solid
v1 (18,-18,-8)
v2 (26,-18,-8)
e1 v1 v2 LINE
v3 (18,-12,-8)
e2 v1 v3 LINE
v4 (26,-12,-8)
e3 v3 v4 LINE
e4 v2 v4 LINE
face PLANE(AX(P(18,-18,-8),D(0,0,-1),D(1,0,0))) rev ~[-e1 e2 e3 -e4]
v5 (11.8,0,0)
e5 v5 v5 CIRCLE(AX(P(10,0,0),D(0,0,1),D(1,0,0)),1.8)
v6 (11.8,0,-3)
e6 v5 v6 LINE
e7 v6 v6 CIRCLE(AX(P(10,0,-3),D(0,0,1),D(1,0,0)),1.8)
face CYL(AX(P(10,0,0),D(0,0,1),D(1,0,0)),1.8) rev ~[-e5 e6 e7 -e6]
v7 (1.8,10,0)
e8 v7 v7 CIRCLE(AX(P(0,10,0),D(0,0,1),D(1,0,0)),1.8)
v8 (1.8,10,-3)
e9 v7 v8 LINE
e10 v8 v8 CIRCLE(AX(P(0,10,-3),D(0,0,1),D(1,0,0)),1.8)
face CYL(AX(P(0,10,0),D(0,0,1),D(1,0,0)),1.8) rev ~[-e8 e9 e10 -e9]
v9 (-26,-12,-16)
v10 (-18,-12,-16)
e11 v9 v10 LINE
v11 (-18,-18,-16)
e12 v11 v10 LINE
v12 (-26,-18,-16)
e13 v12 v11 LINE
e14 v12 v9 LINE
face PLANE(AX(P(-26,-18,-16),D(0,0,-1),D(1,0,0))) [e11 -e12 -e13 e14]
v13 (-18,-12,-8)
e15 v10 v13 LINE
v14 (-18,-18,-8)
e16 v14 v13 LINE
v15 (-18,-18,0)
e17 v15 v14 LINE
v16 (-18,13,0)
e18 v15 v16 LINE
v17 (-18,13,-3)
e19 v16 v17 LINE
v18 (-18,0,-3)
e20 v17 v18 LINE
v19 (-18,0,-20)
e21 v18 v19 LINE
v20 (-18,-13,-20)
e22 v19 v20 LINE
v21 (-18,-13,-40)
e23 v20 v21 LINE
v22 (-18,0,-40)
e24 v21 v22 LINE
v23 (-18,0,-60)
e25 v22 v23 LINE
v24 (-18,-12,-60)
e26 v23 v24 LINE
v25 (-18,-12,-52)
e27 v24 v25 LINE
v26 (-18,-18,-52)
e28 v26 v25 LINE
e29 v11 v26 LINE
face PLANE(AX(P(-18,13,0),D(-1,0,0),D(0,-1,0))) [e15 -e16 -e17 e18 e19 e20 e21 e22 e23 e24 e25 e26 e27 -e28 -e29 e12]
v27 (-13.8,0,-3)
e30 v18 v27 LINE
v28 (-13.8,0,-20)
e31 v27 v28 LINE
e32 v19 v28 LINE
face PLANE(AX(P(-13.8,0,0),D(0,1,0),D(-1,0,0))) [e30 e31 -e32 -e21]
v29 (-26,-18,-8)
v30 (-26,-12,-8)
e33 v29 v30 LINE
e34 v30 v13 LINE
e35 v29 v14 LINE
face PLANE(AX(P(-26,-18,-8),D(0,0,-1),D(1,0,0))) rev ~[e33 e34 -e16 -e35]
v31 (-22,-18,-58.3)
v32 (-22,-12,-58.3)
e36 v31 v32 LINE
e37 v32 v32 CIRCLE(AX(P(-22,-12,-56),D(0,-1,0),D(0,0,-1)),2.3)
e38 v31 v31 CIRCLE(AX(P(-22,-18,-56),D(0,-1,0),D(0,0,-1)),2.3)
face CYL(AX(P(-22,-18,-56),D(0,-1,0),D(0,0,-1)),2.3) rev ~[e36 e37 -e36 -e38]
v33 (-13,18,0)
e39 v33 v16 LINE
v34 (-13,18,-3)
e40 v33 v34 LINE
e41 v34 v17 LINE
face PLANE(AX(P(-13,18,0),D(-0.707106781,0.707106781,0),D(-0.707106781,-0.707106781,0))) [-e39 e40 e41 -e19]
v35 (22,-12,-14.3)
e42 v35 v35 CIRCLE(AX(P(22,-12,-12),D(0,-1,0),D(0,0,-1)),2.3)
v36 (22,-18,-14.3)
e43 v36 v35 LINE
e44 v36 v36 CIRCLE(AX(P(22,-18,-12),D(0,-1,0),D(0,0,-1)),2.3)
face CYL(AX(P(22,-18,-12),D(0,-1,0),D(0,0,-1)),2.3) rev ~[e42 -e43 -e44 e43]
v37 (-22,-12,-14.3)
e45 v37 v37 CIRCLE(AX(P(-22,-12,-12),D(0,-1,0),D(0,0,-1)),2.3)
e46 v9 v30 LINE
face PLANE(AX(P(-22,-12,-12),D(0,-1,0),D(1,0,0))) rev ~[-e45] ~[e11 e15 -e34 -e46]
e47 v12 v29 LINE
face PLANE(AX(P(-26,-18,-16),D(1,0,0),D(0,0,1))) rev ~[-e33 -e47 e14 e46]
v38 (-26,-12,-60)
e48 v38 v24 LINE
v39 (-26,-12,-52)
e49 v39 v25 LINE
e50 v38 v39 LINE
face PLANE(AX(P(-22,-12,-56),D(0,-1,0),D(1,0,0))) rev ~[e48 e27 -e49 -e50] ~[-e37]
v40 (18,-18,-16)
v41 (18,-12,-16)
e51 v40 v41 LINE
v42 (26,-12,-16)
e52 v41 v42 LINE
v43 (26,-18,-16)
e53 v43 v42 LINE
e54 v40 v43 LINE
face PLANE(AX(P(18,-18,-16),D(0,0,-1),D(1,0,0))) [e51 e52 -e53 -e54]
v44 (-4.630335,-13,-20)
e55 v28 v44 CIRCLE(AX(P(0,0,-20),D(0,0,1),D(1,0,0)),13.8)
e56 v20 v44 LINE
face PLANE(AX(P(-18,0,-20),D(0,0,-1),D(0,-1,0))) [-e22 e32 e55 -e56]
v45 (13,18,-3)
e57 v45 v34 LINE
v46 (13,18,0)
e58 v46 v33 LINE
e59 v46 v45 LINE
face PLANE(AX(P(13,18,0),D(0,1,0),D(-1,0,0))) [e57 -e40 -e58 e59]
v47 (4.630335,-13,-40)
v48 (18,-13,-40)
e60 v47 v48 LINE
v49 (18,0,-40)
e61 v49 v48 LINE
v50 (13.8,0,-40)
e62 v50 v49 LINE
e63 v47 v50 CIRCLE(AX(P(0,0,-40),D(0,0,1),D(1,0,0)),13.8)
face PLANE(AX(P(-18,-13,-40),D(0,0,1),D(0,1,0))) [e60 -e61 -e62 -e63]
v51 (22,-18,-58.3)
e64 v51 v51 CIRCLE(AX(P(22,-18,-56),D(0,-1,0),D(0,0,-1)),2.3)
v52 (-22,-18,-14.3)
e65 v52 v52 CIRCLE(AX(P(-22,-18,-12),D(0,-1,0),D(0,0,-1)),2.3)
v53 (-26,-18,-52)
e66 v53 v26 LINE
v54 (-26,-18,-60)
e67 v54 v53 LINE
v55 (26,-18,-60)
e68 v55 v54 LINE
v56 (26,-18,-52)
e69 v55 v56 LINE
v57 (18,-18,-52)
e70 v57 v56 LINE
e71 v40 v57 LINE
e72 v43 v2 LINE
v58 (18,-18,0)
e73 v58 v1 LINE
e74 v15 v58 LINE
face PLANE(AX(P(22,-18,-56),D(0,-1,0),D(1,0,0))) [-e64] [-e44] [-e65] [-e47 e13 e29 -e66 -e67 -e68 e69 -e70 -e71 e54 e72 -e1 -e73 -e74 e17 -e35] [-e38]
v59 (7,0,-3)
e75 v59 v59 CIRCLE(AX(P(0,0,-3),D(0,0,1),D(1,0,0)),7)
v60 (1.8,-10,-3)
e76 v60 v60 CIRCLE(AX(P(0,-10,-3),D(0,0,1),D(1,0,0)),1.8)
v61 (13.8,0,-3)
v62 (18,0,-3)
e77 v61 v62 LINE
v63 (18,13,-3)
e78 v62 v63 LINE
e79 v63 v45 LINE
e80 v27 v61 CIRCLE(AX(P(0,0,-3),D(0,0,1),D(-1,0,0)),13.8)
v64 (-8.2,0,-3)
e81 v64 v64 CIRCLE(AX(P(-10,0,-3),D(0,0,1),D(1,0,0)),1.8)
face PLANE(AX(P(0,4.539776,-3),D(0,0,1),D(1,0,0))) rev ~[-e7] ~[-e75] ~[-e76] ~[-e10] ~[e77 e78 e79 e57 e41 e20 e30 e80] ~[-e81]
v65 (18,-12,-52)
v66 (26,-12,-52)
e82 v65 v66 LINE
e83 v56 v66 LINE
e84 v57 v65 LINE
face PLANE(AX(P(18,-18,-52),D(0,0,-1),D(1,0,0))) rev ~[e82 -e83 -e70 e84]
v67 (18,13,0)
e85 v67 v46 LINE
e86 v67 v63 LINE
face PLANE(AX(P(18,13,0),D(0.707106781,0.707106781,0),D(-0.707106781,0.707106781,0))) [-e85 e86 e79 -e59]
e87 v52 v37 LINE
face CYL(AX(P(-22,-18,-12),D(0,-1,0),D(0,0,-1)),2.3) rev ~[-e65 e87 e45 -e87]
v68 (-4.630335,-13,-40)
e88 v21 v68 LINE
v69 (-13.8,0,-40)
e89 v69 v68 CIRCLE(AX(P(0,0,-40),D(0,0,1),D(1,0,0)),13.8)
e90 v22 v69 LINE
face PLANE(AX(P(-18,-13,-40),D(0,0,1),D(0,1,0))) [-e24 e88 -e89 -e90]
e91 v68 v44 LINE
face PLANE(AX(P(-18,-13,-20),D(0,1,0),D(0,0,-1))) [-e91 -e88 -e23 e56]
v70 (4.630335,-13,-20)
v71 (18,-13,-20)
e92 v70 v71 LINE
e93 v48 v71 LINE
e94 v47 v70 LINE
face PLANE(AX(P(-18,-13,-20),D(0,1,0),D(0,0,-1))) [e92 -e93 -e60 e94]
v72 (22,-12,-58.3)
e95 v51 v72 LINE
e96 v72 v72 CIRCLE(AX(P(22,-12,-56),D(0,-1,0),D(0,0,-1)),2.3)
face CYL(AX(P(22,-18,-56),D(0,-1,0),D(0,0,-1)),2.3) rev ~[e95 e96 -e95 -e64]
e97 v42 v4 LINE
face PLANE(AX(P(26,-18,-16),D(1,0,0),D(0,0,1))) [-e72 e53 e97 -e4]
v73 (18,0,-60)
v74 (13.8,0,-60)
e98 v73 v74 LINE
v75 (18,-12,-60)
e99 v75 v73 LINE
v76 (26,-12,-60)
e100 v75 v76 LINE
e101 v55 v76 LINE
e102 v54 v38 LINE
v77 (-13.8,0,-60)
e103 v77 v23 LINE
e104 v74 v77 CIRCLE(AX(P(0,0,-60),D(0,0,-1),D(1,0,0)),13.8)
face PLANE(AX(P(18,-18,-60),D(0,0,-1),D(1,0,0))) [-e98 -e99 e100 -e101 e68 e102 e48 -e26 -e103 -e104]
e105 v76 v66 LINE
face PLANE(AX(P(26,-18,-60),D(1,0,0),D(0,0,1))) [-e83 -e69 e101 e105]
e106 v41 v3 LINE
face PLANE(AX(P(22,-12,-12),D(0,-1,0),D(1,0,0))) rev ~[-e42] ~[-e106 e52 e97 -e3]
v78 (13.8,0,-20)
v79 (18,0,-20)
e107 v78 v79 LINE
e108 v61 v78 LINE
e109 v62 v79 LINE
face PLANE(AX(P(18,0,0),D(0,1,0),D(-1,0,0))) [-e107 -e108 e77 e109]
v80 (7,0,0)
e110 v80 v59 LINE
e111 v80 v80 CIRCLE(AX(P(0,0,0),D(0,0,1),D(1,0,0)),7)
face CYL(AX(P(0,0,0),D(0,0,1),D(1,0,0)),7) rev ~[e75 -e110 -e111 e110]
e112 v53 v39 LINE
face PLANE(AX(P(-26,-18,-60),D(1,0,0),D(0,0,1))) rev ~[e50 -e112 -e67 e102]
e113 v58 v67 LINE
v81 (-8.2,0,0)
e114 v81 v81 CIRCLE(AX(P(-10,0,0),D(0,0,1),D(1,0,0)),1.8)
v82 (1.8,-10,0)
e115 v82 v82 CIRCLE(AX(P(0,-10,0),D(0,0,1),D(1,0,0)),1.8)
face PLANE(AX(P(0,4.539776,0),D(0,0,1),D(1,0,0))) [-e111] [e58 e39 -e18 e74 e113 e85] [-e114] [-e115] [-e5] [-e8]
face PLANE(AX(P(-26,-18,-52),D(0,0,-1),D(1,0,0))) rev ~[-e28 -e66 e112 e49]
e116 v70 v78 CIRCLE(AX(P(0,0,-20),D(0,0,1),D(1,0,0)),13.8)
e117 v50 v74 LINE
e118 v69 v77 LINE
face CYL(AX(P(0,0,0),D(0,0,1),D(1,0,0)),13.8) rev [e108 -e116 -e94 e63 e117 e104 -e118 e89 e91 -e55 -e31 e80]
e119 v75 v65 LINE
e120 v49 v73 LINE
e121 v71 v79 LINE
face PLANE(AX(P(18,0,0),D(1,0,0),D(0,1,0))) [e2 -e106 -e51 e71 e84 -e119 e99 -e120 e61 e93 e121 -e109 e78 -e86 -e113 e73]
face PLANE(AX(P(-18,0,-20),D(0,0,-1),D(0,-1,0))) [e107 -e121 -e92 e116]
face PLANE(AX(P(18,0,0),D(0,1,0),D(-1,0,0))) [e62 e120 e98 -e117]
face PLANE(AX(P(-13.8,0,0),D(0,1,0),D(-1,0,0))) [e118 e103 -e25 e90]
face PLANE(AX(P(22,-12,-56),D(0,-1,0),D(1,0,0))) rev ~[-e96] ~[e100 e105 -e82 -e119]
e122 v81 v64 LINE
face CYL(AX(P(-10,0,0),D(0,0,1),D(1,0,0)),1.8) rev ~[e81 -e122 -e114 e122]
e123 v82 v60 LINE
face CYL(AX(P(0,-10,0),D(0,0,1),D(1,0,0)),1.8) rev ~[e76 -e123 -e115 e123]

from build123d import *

# Parameters (mm, degrees)
BOSS_EXTRU_1_DEPTH      = 60
ESQUISSE1_3_R           = 1.8
ESQUISSE1_3_R_2         = 7
BOSS_EXTRU_2_DEPTH      = 3
ENL_V_MAT_EXTRU_2_DEPTH = 50
ESQUISSE2_W             = 8
ESQUISSE2_H             = 8
ESQUISSE2_R             = 2.3
BOSS_EXTRU_4_DEPTH      = 6


with BuildPart() as part:
    # Esquisse1 → Boss.-Extru.1 (new body)
    with BuildSketch(Plane.XY):
        with BuildLine():
            ThreePointArc((18, 0), (12.727922061, -12.727922061), (0, -18))
            Line((0, -18), (18, -18))
            Line((18, -18), (18, 0))
        make_face()
        with BuildLine():
            ThreePointArc((0, -18), (-12.727922061, -12.727922061), (-18, 0))
            Line((-18, 0), (-18, -18))
            Line((-18, -18), (0, -18))
        make_face()
        with BuildLine():
            Line((-13.8, 0), (-18, 0))
            ThreePointArc((-18, 0), (-12.727922061, -12.727922061), (0, -18))
            ThreePointArc((0, -18), (12.727922061, -12.727922061), (18, 0))
            Line((18, 0), (13.8, 0))
            ThreePointArc((13.8, 0), (0, -13.8), (-13.8, 0))
        make_face()
    extrude(amount=-BOSS_EXTRU_1_DEPTH)

    # Esquisse1<3> → Boss.-Extru.2 (add)
    with BuildSketch(Plane.XY):
        with BuildLine():
            Line((-13, 18), (-18, 13))
            Line((-18, 13), (-18, 0))
            Line((-18, 0), (-13.8, 0))
            ThreePointArc((-13.8, 0), (0, -13.8), (13.8, 0))
            Line((13.8, 0), (18, 0))
            Line((18, 0), (18, 13))
            Line((18, 13), (13, 18))
            Line((13, 18), (-13, 18))
        make_face()
        with Locations((0, 10)):
            Circle(ESQUISSE1_3_R, mode=Mode.SUBTRACT)
        with Locations((0, -10)):
            Circle(ESQUISSE1_3_R, mode=Mode.SUBTRACT)
        with Locations((-10, 0)):
            Circle(ESQUISSE1_3_R, mode=Mode.SUBTRACT)
        Circle(ESQUISSE1_3_R_2, mode=Mode.SUBTRACT)
        with Locations((10, 0)):
            Circle(ESQUISSE1_3_R, mode=Mode.SUBTRACT)
    extrude(amount=-BOSS_EXTRU_2_DEPTH)

    # Esquisse3 → Enlèv. mat.-Extru.2 (cut)
    with BuildSketch(Plane.ZY.offset(18)):
        Polygon((-30, 0), (-20, 0), (-20, -13), (-40, -13), (-40, 0), align=None)
    extrude(amount=-ENL_V_MAT_EXTRU_2_DEPTH, mode=Mode.SUBTRACT)

    # Esquisse2 → Boss.-Extru.4 (add)
    # profile 1 of 4: a face of its own
    with BuildSketch(Plane.XZ.offset(18)):
        with Locations((22, -56)):
            Rectangle(ESQUISSE2_W, ESQUISSE2_H)
        with Locations(Location((22, -56, 0), (0, 0, 270))):
            Circle(ESQUISSE2_R, mode=Mode.SUBTRACT)
    # profile 2 of 4: a face of its own
    with BuildSketch(Plane.XZ.offset(18)):
        with Locations((-22, -56)):
            Rectangle(ESQUISSE2_W, ESQUISSE2_H)
        with Locations(Location((-22, -56, 0), (0, 0, 270))):
            Circle(ESQUISSE2_R, mode=Mode.SUBTRACT)
    # profile 3 of 4: a face of its own
    with BuildSketch(Plane.XZ.offset(18)):
        with Locations((22, -12)):
            Rectangle(ESQUISSE2_W, ESQUISSE2_H)
        with Locations(Location((22, -12, 0), (0, 0, 270))):
            Circle(ESQUISSE2_R, mode=Mode.SUBTRACT)
    # profile 4 of 4: a face of its own
    with BuildSketch(Plane.XZ.offset(18)):
        with Locations((-22, -12)):
            Rectangle(ESQUISSE2_W, ESQUISSE2_H)
        with Locations(Location((-22, -12, 0), (0, 0, 270))):
            Circle(ESQUISSE2_R, mode=Mode.SUBTRACT)
    extrude(amount=-BOSS_EXTRU_4_DEPTH)


solid = part.part
